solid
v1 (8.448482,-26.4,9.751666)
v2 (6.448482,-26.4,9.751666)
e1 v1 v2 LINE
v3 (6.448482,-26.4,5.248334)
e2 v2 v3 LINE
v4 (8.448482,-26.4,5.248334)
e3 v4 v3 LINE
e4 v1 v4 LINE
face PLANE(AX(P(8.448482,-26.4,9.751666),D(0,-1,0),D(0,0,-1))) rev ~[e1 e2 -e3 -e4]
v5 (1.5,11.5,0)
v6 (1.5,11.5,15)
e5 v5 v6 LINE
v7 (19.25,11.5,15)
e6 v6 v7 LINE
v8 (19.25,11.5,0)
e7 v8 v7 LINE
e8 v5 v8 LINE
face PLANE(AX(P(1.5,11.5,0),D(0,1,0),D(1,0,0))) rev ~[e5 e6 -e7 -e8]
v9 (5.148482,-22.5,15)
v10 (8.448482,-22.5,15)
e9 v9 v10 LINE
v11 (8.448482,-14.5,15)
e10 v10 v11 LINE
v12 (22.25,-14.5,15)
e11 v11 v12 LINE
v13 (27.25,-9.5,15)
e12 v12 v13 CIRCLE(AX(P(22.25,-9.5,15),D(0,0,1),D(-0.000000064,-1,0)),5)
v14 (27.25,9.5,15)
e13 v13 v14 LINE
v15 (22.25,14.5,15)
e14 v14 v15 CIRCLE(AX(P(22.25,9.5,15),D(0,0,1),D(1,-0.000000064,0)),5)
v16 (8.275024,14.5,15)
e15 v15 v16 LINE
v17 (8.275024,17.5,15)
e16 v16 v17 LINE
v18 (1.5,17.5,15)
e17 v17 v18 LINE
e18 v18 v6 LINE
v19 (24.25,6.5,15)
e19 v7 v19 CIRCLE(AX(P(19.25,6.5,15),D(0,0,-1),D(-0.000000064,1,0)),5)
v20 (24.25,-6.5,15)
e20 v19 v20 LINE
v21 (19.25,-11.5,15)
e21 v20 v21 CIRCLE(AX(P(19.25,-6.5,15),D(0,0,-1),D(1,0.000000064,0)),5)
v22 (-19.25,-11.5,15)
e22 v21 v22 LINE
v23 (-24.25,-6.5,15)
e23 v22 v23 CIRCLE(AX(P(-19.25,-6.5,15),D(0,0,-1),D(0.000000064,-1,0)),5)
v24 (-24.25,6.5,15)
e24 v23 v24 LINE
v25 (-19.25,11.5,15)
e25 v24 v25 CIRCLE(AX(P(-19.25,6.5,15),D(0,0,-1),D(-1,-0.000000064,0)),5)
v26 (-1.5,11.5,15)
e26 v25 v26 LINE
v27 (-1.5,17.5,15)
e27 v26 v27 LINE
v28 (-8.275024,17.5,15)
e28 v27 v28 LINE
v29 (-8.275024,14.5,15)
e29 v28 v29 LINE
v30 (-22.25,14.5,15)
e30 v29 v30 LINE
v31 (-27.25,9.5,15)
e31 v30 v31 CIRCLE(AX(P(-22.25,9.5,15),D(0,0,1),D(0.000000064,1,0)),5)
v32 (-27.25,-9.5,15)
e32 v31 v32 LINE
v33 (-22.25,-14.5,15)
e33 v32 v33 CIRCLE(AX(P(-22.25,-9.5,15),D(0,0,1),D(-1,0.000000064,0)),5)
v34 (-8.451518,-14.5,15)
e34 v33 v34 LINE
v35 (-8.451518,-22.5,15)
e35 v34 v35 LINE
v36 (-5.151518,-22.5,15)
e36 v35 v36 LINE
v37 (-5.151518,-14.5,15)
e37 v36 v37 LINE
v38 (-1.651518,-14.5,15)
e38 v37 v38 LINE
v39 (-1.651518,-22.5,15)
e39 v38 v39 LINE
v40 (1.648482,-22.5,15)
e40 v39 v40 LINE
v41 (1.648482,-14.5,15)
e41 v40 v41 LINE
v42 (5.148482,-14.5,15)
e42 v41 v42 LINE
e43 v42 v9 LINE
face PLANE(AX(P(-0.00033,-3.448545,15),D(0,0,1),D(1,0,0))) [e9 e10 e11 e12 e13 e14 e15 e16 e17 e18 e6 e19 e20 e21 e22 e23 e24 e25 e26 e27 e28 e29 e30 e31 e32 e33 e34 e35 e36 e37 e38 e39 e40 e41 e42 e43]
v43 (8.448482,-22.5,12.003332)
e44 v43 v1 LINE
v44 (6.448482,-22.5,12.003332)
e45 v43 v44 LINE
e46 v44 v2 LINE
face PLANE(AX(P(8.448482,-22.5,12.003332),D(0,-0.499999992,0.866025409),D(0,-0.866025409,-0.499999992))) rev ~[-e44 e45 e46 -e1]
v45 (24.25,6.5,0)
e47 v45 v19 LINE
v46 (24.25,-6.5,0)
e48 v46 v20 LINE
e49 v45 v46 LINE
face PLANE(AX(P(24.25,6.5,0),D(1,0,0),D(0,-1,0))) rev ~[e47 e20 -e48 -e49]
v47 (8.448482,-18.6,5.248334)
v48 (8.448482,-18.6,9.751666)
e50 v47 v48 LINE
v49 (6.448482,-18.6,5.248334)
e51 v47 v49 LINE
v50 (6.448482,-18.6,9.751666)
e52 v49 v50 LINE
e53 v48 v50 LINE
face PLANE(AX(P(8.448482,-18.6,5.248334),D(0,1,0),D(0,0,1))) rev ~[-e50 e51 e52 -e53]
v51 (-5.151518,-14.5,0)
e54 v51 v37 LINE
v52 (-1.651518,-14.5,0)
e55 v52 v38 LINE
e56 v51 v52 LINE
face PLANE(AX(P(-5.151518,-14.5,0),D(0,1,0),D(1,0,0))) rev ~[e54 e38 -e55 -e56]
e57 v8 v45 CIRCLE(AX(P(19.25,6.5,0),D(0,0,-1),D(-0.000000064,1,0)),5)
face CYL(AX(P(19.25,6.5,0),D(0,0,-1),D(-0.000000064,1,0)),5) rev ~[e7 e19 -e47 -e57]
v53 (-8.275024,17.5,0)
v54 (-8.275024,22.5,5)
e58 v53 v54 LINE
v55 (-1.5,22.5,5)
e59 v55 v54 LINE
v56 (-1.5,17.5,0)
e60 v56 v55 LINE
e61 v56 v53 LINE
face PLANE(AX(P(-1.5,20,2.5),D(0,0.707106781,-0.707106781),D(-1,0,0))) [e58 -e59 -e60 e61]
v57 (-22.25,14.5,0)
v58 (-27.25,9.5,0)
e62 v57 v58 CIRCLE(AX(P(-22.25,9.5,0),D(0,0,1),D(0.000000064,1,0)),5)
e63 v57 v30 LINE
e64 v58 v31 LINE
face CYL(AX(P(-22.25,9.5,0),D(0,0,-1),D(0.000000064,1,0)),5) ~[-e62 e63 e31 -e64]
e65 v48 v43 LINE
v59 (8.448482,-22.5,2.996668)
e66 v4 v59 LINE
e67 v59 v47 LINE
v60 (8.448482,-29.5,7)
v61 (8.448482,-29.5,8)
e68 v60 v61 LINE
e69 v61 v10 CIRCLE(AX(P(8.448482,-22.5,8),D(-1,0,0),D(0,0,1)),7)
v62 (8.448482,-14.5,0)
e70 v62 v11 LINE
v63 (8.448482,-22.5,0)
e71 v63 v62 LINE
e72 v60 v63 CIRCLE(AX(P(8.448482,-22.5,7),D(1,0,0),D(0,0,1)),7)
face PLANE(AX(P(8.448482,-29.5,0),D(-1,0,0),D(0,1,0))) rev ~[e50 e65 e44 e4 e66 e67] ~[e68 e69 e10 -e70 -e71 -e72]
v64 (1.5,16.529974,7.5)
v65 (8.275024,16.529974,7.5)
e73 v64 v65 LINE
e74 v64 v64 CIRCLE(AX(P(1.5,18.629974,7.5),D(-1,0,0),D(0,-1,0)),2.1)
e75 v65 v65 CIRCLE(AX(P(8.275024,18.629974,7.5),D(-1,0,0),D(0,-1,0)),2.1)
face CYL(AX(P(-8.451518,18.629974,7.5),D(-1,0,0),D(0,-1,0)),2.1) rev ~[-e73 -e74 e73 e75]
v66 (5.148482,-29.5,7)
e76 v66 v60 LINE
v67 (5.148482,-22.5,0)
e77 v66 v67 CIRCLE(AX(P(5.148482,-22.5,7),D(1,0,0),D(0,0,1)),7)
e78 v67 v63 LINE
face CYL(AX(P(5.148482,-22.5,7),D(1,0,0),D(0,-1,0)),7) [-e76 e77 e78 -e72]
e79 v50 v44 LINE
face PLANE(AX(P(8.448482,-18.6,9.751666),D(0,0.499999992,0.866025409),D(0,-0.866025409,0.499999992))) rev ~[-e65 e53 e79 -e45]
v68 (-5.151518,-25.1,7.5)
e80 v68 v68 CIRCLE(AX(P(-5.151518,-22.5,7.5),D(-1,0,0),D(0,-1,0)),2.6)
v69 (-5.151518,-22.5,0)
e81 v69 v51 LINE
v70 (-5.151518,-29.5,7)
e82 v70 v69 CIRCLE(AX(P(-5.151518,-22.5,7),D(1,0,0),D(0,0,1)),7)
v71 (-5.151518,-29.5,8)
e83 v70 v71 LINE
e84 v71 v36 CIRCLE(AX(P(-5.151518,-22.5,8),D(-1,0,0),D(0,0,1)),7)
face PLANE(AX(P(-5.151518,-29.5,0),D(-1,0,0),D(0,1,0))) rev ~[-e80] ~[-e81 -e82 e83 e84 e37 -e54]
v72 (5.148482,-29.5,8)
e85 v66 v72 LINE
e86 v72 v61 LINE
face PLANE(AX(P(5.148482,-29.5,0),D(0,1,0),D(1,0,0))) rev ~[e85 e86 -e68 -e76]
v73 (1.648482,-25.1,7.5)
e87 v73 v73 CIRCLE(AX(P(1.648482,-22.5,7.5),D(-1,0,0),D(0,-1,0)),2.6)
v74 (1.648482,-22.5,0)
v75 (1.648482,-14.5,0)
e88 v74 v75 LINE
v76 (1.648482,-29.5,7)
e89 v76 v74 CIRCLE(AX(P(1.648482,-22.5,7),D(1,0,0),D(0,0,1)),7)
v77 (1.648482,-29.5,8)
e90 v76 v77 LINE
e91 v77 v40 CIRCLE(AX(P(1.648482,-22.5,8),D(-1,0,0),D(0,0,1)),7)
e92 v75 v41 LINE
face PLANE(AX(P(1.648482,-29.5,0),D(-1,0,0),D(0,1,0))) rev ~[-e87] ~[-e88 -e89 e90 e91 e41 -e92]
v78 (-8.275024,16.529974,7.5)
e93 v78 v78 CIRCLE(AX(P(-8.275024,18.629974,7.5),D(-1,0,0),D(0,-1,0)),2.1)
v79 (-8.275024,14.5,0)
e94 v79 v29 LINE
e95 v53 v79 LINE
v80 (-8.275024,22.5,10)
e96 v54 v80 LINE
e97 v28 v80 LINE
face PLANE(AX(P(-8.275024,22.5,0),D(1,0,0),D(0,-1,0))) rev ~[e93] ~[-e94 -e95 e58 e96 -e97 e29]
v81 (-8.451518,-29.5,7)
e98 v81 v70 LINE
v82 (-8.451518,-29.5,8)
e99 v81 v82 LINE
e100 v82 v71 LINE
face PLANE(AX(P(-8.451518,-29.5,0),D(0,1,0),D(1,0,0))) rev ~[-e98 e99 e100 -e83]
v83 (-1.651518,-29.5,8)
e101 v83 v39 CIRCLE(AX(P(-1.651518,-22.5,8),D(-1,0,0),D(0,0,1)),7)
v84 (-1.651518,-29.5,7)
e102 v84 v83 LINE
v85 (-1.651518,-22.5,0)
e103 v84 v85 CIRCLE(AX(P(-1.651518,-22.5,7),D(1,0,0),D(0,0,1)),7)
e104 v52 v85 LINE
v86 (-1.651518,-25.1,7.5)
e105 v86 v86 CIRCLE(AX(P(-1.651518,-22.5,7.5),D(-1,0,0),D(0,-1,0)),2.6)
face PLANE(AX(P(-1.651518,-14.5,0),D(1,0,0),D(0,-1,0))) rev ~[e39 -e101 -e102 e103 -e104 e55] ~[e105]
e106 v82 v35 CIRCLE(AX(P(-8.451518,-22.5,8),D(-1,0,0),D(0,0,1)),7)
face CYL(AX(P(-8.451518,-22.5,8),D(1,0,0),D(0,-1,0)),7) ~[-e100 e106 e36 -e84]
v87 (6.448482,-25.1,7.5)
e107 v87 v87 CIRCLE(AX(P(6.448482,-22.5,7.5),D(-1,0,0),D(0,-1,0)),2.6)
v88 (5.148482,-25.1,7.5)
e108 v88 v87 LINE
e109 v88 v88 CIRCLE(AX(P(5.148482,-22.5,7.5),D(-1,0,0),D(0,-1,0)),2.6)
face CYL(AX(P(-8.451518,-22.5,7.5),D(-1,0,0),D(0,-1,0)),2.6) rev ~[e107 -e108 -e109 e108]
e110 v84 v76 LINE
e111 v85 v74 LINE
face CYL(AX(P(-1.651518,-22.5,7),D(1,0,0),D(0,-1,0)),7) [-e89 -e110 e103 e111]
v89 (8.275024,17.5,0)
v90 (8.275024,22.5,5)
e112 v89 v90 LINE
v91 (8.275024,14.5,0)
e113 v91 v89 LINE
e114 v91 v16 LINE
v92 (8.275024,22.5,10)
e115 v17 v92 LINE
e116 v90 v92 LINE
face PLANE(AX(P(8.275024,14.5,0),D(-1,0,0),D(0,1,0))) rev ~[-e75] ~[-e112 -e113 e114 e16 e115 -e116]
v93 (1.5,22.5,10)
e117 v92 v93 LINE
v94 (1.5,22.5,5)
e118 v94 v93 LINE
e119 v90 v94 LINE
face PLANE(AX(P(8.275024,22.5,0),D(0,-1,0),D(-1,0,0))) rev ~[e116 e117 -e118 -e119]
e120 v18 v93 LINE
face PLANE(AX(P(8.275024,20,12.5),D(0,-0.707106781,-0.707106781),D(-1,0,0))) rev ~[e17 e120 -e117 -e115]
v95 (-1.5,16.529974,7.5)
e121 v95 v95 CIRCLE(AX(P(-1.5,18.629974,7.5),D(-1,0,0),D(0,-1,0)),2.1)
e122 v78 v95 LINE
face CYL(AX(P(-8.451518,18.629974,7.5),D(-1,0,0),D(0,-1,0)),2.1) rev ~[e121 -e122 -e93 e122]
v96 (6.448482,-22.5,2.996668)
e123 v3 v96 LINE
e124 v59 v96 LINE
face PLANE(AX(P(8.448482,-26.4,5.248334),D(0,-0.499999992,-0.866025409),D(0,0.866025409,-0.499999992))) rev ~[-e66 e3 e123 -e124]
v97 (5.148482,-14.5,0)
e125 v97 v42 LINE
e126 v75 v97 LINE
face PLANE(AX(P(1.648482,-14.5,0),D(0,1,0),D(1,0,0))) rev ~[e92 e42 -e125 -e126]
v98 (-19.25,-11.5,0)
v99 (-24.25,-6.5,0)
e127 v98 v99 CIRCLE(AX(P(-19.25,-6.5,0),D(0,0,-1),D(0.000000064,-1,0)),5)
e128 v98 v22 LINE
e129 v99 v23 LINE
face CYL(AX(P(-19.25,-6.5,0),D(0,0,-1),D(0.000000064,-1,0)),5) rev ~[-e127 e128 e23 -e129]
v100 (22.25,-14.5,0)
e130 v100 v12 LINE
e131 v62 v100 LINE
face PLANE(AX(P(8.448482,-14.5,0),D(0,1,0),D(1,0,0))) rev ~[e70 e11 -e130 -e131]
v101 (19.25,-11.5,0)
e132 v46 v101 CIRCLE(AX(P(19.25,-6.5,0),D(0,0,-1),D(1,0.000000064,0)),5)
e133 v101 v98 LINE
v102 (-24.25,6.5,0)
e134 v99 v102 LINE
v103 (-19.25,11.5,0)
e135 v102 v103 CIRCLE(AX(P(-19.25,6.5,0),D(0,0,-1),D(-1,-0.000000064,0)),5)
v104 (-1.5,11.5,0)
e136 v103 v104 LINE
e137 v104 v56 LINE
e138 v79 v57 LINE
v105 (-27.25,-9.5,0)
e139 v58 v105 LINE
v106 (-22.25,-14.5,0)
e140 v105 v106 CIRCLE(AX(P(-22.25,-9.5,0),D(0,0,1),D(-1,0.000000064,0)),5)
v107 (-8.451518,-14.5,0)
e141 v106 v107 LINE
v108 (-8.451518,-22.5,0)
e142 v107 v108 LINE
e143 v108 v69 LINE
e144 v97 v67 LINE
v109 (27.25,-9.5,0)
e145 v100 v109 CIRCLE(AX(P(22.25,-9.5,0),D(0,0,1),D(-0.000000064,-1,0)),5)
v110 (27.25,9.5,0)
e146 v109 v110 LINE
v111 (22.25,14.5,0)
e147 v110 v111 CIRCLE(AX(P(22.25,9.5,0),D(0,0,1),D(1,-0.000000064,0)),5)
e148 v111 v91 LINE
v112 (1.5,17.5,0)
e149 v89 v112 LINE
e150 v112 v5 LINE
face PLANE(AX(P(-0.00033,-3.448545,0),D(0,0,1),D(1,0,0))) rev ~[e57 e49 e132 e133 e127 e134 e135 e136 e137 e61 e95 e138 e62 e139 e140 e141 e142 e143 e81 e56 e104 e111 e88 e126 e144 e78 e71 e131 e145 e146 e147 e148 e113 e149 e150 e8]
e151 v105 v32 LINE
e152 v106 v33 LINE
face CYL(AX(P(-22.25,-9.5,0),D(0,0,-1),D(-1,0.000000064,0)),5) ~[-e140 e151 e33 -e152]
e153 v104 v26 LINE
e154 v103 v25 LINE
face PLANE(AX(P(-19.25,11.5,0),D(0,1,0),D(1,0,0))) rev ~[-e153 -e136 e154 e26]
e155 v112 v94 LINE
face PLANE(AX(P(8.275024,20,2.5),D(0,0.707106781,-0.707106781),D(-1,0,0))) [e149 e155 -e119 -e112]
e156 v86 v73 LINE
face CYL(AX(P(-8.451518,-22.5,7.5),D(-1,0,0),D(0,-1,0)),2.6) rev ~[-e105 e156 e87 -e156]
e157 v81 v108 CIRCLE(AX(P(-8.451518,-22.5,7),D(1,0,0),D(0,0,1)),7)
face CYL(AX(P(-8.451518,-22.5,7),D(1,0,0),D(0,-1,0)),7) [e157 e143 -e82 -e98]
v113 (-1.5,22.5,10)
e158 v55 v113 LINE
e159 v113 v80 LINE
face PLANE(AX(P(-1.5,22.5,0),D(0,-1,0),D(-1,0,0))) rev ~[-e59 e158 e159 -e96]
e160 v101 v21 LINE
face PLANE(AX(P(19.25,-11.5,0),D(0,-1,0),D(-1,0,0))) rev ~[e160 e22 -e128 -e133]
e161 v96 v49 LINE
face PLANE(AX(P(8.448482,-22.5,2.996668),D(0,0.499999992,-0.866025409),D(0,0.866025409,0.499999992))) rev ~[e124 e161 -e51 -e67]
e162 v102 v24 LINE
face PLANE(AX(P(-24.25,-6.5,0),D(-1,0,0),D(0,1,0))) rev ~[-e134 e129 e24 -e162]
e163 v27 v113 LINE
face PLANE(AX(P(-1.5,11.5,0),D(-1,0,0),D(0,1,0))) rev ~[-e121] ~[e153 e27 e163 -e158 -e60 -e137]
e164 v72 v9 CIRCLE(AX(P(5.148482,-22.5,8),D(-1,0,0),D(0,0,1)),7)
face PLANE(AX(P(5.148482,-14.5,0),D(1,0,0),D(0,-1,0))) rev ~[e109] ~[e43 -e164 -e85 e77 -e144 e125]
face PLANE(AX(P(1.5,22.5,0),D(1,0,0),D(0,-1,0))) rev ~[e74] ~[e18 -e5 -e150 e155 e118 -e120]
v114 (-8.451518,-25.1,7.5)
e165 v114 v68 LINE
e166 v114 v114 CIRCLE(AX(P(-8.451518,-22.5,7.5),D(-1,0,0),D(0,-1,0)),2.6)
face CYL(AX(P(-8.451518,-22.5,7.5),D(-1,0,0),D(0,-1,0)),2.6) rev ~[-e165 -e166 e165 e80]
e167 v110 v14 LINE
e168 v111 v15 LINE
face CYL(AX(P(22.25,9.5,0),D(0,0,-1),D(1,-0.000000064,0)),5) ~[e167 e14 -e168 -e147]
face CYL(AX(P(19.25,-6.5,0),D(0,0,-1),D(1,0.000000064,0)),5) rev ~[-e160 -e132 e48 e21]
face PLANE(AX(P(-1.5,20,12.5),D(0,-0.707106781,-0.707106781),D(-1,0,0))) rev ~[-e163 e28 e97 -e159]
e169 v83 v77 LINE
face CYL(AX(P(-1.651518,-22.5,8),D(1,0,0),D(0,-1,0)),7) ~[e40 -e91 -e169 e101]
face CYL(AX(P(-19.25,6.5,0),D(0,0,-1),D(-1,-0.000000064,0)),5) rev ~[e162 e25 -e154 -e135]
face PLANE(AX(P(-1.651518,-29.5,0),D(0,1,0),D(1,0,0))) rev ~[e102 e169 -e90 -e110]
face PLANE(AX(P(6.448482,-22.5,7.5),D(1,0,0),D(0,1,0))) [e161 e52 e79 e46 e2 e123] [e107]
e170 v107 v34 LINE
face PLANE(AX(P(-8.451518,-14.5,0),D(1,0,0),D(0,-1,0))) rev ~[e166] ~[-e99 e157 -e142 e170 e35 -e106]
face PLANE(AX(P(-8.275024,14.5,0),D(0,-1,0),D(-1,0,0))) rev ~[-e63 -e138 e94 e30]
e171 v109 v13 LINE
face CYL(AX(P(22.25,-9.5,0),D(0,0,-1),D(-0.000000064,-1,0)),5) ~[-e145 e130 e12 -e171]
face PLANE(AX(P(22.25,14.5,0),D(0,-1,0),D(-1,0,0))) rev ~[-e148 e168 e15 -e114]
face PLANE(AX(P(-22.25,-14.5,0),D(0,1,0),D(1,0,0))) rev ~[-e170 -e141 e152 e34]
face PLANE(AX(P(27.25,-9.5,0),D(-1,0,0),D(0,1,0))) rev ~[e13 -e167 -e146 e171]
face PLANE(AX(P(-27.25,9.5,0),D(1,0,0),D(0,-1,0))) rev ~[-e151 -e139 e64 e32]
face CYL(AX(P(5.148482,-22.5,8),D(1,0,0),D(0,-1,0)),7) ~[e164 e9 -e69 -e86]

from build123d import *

# Parameters (mm, degrees)
F1_DEPTH = 15
F2_R     = 7
F3_R     = 2.6
F3_R_2   = 2.1
F4_DEPTH = 25
F6_DEPTH = 2
F7_SIZE  = 5


with BuildPart() as f1:
    # F0 (on Top) → F1 (new body)
    with BuildSketch(Plane.XY):
        with BuildLine():
            Line((8.448482, -14.5), (22.25, -14.5))
            ThreePointArc((22.25, -14.5), (25.785534, -13.035534), (27.25, -9.5))
            Line((27.25, -9.5), (27.25, 9.5))
            ThreePointArc((27.25, 9.5), (25.785534, 13.035534), (22.25, 14.5))
            Line((22.25, 14.5), (8.275024, 14.5))
            Line((8.275024, 14.5), (8.275024, 22.5))
            Line((8.275024, 22.5), (1.5, 22.5))
            Line((1.5, 22.5), (1.5, 14.5))
            Line((1.5, 14.5), (1.5, 11.5))
            Line((1.5, 11.5), (19.25, 11.5))
            ThreePointArc((19.25, 11.5), (22.785534, 10.035534), (24.25, 6.5))
            Line((24.25, 6.5), (24.25, -6.5))
            ThreePointArc((24.25, -6.5), (22.785534, -10.035534), (19.25, -11.5))
            Line((19.25, -11.5), (-19.25, -11.5))
            ThreePointArc((-19.25, -11.5), (-22.785534, -10.035534), (-24.25, -6.5))
            Line((-24.25, -6.5), (-24.25, 6.5))
            ThreePointArc((-24.25, 6.5), (-22.785534, 10.035534), (-19.25, 11.5))
            Line((-19.25, 11.5), (-1.5, 11.5))
            Line((-1.5, 11.5), (-1.5, 14.5))
            Line((-1.5, 14.5), (-1.5, 22.5))
            Line((-1.5, 22.5), (-8.275024, 22.5))
            Line((-8.275024, 22.5), (-8.275024, 14.5))
            Line((-8.275024, 14.5), (-22.25, 14.5))
            ThreePointArc((-22.25, 14.5), (-25.785534, 13.035534), (-27.25, 9.5))
            Line((-27.25, 9.5), (-27.25, -9.5))
            ThreePointArc((-27.25, -9.5), (-25.785534, -13.035534), (-22.25, -14.5))
            Line((-22.25, -14.5), (-8.451518, -14.5))
            Line((-8.451518, -14.5), (-8.451518, -29.5))
            Line((-8.451518, -29.5), (-5.151518, -29.5))
            Line((-5.151518, -29.5), (-5.151518, -14.5))
            Line((-5.151518, -14.5), (-1.651518, -14.5))
            Line((-1.651518, -14.5), (-1.651518, -29.5))
            Line((-1.651518, -29.5), (1.648482, -29.5))
            Line((1.648482, -29.5), (1.648482, -14.5))
            Line((1.648482, -14.5), (5.148482, -14.5))
            Line((5.148482, -14.5), (5.148482, -29.5))
            Line((5.148482, -29.5), (8.448482, -29.5))
            Line((8.448482, -29.5), (8.448482, -14.5))
        make_face()
    extrude(amount=F1_DEPTH)

    # F2
    f2_edges = [f1.edges().sort_by_distance(p)[0] for p in [
        (-6.801518, -29.5, 15),
        (-6.801518, -29.5, 0),
        (-0.001518, -29.5, 15),
        (6.798482, -29.5, 15),
        (6.798482, -29.5, 0),
        (-0.001518, -29.5, 0),
    ]]
    fillet(f2_edges, radius=F2_R)

    # F3 (on face) → F4 (cut)
    with BuildSketch(Plane(origin=(-8.451518, 0, 0), x_dir=(0, -1, 0), z_dir=(-1, 0, 0))):
        with Locations((22.5, 7.5)):
            Circle(F3_R)
        with Locations((-18.629974, 7.5)):
            Circle(F3_R_2)
    extrude(amount=-F4_DEPTH, mode=Mode.SUBTRACT)

    # F5 (on face) → F6 (cut)
    with BuildSketch(Plane.YZ.offset(8.448482)):
        Polygon((-18.6, 5.248334), (-18.6, 9.751666), (-22.5, 12.003332), (-26.4, 9.751666), (-26.4, 5.248334), (-22.5, 2.996668), align=None)
    extrude(amount=-F6_DEPTH, mode=Mode.SUBTRACT)

    # F7
    f7_edges = [f1.edges().sort_by_distance(p)[0] for p in [
        (4.887512, 22.5, 15),
        (-4.887512, 22.5, 15),
        (4.887512, 22.5, 0),
        (-4.887512, 22.5, 0),
    ]]
    chamfer(f7_edges, length=F7_SIZE)


solid = f1.part
